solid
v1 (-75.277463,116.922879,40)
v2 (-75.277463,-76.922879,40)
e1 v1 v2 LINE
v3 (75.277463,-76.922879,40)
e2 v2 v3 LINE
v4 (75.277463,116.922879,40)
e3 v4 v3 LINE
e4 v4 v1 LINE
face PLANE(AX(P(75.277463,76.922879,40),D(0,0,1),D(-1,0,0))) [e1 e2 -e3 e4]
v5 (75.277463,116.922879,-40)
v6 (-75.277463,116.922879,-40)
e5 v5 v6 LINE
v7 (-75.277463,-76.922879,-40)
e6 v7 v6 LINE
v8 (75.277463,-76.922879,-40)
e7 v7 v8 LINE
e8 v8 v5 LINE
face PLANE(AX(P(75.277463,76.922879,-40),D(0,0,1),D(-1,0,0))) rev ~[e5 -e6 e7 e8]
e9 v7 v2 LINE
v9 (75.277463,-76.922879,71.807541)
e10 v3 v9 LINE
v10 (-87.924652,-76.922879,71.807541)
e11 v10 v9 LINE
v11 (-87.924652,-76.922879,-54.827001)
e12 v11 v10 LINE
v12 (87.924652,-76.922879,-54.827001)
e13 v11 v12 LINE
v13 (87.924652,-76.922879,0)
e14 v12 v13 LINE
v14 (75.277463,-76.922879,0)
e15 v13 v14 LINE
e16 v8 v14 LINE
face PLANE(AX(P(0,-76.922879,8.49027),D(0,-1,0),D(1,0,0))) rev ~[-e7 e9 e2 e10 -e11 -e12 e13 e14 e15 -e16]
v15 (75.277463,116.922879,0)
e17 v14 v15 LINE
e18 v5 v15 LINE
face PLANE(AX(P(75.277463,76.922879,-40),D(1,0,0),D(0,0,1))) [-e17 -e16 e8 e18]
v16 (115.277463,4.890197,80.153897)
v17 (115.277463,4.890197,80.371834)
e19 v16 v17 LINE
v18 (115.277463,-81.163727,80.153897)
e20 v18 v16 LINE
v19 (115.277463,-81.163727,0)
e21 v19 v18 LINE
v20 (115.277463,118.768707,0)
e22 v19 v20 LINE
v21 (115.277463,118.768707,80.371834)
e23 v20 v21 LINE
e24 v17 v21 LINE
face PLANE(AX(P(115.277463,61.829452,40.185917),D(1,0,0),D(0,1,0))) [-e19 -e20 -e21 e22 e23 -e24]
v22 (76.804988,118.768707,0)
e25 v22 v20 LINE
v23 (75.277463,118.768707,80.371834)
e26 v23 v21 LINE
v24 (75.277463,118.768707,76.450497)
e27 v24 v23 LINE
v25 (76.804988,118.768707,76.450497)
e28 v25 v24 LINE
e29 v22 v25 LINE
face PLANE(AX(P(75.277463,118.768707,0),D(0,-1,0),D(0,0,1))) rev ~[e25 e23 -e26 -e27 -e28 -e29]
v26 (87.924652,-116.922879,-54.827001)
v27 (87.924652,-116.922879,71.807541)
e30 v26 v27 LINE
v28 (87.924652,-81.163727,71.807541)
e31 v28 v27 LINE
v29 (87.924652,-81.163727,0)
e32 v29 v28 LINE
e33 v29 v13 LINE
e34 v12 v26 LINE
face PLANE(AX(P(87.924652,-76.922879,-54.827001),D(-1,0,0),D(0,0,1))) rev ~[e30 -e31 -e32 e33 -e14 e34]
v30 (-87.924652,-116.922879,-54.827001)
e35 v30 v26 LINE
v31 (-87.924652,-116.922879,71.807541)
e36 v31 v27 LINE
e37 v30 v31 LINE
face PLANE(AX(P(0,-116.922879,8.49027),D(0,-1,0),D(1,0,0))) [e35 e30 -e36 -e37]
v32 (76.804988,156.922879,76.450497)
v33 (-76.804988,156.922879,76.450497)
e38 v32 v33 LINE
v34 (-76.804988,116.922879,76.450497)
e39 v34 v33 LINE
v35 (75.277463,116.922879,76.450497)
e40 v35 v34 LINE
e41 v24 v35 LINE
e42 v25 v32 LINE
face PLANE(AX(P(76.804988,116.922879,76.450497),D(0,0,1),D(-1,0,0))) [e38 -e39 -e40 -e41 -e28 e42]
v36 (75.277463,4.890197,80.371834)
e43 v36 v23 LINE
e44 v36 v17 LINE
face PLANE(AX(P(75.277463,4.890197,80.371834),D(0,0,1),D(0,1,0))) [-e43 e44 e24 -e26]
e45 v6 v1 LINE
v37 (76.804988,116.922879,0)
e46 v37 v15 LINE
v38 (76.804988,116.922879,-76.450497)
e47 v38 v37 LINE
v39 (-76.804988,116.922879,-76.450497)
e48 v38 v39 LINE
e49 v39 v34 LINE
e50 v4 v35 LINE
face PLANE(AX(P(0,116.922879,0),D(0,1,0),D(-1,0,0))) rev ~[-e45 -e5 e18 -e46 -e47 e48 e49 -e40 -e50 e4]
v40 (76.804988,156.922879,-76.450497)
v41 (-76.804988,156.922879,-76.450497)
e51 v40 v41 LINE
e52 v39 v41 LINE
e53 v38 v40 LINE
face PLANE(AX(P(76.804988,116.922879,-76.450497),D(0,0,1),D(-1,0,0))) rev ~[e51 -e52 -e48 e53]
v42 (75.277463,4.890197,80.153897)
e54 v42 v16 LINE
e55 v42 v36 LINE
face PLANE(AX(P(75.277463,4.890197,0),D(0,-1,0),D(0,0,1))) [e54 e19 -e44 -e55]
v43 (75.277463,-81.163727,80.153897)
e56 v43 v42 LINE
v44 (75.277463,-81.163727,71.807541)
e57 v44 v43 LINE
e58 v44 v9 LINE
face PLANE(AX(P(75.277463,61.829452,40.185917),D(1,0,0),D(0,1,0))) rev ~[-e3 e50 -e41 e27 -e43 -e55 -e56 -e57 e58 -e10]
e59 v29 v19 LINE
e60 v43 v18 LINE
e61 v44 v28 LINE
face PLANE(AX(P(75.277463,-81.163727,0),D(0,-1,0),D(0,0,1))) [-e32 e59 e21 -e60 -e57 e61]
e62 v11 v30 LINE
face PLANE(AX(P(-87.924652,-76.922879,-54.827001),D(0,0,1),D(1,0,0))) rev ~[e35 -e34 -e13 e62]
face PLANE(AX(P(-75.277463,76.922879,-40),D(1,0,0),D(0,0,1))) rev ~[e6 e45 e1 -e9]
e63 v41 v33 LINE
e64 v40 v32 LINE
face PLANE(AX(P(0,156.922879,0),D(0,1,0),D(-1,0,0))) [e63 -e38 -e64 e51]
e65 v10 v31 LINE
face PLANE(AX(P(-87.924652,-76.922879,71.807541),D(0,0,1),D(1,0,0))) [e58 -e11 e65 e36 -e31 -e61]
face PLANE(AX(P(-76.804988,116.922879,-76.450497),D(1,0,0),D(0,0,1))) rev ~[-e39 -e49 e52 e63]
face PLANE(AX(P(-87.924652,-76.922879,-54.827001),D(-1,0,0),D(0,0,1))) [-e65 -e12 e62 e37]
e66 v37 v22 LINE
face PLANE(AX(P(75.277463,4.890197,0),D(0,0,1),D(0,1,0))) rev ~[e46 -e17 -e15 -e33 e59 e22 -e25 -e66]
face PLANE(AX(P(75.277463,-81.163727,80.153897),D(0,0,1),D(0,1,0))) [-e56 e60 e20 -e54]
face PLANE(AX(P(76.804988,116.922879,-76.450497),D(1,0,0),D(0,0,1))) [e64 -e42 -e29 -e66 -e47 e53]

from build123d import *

# Parameters (mm, degrees)
F0_W       = 150.5549252033
F0_H       = 153.845757246
F1_DEPTH   = 40
F2_W       = 150.5549252033
F2_H       = 153.845757246
F3_DEPTH   = 40
F4_W       = 150.5549252033
F4_H       = 80
F4_R       = 2.7459354745
F3_FACE_W  = 150.5549252033
F3_FACE_H  = 80
F3_FACE1_W = 150.5549252033
F3_FACE1_H = 80
F5_DEPTH   = 40
F6_W       = 175.8493036032
F6_H       = 126.634541899
F7_DEPTH   = 40
F9_W       = 86.0539241694
F9_H       = 80.1538974047
F10_DEPTH  = 40
F11_W      = 113.8785094954
F11_H      = 80.3718343377
F12_DEPTH  = 40
F13_W      = 153.6099761724
F13_H      = 152.900993824
F14_DEPTH  = 40


with BuildPart() as f1:
    # F0 (on Top) → F1 (new body)
    with BuildSketch(Plane.XY):
        Rectangle(F0_W, F0_H)
    extrude(amount=F1_DEPTH)

    # F2 (on face) → F3 (join)
    with BuildSketch(Plane(origin=(0, 0, 0), x_dir=(1, 0, 0), z_dir=(0, 0, -1))):
        Rectangle(F2_W, F2_H)
    extrude(amount=F3_DEPTH)

    # F4 (on face) + F3_face (on face) + F3_face1 (on face) → F5 (join)
    with BuildSketch(Plane(origin=(0, 76.922878623, 0), x_dir=(-1, 0, 0), z_dir=(0, 1, 0))):
        Rectangle(F4_W, F4_H)
        Circle(F4_R, mode=Mode.SUBTRACT)
        Circle(F4_R)
    with BuildSketch(Plane(origin=(0, 76.922878623, 0), x_dir=(-1, 0, 0), z_dir=(0, 1, 0))):
        Rectangle(F3_FACE_W, F3_FACE_H)
    with BuildSketch(Plane.XZ.offset(76.922878623)):
        Rectangle(F3_FACE1_W, F3_FACE1_H)
    extrude(amount=F5_DEPTH, dir=(0, 1, 0))

    # F6 (on face) → F7 (join)
    with BuildSketch(Plane.XZ.offset(76.922878623)):
        with Locations((0, 8.4902700037)):
            Rectangle(F6_W, F6_H)
    extrude(amount=F7_DEPTH)

    # F9 (on face) → F10 (join)
    with BuildSketch(Plane.YZ.offset(75.2774626017)):
        with Locations((-38.1367646623, 40.0769487023)):
            Rectangle(F9_W, F9_H)
    extrude(amount=F10_DEPTH)

    # F11 (on face) → F12 (join)
    with BuildSketch(Plane.YZ.offset(75.2774626017)):
        with Locations((61.8294521701, 40.1859171689)):
            Rectangle(F11_W, F11_H)
    extrude(amount=F12_DEPTH)

    # F13 (on face) → F14 (join)
    with BuildSketch(Plane(origin=(0, 116.922878623, 0), x_dir=(-1, 0, 0), z_dir=(0, 1, 0))):
        Rectangle(F13_W, F13_H)
    extrude(amount=F14_DEPTH)


solid = f1.part
